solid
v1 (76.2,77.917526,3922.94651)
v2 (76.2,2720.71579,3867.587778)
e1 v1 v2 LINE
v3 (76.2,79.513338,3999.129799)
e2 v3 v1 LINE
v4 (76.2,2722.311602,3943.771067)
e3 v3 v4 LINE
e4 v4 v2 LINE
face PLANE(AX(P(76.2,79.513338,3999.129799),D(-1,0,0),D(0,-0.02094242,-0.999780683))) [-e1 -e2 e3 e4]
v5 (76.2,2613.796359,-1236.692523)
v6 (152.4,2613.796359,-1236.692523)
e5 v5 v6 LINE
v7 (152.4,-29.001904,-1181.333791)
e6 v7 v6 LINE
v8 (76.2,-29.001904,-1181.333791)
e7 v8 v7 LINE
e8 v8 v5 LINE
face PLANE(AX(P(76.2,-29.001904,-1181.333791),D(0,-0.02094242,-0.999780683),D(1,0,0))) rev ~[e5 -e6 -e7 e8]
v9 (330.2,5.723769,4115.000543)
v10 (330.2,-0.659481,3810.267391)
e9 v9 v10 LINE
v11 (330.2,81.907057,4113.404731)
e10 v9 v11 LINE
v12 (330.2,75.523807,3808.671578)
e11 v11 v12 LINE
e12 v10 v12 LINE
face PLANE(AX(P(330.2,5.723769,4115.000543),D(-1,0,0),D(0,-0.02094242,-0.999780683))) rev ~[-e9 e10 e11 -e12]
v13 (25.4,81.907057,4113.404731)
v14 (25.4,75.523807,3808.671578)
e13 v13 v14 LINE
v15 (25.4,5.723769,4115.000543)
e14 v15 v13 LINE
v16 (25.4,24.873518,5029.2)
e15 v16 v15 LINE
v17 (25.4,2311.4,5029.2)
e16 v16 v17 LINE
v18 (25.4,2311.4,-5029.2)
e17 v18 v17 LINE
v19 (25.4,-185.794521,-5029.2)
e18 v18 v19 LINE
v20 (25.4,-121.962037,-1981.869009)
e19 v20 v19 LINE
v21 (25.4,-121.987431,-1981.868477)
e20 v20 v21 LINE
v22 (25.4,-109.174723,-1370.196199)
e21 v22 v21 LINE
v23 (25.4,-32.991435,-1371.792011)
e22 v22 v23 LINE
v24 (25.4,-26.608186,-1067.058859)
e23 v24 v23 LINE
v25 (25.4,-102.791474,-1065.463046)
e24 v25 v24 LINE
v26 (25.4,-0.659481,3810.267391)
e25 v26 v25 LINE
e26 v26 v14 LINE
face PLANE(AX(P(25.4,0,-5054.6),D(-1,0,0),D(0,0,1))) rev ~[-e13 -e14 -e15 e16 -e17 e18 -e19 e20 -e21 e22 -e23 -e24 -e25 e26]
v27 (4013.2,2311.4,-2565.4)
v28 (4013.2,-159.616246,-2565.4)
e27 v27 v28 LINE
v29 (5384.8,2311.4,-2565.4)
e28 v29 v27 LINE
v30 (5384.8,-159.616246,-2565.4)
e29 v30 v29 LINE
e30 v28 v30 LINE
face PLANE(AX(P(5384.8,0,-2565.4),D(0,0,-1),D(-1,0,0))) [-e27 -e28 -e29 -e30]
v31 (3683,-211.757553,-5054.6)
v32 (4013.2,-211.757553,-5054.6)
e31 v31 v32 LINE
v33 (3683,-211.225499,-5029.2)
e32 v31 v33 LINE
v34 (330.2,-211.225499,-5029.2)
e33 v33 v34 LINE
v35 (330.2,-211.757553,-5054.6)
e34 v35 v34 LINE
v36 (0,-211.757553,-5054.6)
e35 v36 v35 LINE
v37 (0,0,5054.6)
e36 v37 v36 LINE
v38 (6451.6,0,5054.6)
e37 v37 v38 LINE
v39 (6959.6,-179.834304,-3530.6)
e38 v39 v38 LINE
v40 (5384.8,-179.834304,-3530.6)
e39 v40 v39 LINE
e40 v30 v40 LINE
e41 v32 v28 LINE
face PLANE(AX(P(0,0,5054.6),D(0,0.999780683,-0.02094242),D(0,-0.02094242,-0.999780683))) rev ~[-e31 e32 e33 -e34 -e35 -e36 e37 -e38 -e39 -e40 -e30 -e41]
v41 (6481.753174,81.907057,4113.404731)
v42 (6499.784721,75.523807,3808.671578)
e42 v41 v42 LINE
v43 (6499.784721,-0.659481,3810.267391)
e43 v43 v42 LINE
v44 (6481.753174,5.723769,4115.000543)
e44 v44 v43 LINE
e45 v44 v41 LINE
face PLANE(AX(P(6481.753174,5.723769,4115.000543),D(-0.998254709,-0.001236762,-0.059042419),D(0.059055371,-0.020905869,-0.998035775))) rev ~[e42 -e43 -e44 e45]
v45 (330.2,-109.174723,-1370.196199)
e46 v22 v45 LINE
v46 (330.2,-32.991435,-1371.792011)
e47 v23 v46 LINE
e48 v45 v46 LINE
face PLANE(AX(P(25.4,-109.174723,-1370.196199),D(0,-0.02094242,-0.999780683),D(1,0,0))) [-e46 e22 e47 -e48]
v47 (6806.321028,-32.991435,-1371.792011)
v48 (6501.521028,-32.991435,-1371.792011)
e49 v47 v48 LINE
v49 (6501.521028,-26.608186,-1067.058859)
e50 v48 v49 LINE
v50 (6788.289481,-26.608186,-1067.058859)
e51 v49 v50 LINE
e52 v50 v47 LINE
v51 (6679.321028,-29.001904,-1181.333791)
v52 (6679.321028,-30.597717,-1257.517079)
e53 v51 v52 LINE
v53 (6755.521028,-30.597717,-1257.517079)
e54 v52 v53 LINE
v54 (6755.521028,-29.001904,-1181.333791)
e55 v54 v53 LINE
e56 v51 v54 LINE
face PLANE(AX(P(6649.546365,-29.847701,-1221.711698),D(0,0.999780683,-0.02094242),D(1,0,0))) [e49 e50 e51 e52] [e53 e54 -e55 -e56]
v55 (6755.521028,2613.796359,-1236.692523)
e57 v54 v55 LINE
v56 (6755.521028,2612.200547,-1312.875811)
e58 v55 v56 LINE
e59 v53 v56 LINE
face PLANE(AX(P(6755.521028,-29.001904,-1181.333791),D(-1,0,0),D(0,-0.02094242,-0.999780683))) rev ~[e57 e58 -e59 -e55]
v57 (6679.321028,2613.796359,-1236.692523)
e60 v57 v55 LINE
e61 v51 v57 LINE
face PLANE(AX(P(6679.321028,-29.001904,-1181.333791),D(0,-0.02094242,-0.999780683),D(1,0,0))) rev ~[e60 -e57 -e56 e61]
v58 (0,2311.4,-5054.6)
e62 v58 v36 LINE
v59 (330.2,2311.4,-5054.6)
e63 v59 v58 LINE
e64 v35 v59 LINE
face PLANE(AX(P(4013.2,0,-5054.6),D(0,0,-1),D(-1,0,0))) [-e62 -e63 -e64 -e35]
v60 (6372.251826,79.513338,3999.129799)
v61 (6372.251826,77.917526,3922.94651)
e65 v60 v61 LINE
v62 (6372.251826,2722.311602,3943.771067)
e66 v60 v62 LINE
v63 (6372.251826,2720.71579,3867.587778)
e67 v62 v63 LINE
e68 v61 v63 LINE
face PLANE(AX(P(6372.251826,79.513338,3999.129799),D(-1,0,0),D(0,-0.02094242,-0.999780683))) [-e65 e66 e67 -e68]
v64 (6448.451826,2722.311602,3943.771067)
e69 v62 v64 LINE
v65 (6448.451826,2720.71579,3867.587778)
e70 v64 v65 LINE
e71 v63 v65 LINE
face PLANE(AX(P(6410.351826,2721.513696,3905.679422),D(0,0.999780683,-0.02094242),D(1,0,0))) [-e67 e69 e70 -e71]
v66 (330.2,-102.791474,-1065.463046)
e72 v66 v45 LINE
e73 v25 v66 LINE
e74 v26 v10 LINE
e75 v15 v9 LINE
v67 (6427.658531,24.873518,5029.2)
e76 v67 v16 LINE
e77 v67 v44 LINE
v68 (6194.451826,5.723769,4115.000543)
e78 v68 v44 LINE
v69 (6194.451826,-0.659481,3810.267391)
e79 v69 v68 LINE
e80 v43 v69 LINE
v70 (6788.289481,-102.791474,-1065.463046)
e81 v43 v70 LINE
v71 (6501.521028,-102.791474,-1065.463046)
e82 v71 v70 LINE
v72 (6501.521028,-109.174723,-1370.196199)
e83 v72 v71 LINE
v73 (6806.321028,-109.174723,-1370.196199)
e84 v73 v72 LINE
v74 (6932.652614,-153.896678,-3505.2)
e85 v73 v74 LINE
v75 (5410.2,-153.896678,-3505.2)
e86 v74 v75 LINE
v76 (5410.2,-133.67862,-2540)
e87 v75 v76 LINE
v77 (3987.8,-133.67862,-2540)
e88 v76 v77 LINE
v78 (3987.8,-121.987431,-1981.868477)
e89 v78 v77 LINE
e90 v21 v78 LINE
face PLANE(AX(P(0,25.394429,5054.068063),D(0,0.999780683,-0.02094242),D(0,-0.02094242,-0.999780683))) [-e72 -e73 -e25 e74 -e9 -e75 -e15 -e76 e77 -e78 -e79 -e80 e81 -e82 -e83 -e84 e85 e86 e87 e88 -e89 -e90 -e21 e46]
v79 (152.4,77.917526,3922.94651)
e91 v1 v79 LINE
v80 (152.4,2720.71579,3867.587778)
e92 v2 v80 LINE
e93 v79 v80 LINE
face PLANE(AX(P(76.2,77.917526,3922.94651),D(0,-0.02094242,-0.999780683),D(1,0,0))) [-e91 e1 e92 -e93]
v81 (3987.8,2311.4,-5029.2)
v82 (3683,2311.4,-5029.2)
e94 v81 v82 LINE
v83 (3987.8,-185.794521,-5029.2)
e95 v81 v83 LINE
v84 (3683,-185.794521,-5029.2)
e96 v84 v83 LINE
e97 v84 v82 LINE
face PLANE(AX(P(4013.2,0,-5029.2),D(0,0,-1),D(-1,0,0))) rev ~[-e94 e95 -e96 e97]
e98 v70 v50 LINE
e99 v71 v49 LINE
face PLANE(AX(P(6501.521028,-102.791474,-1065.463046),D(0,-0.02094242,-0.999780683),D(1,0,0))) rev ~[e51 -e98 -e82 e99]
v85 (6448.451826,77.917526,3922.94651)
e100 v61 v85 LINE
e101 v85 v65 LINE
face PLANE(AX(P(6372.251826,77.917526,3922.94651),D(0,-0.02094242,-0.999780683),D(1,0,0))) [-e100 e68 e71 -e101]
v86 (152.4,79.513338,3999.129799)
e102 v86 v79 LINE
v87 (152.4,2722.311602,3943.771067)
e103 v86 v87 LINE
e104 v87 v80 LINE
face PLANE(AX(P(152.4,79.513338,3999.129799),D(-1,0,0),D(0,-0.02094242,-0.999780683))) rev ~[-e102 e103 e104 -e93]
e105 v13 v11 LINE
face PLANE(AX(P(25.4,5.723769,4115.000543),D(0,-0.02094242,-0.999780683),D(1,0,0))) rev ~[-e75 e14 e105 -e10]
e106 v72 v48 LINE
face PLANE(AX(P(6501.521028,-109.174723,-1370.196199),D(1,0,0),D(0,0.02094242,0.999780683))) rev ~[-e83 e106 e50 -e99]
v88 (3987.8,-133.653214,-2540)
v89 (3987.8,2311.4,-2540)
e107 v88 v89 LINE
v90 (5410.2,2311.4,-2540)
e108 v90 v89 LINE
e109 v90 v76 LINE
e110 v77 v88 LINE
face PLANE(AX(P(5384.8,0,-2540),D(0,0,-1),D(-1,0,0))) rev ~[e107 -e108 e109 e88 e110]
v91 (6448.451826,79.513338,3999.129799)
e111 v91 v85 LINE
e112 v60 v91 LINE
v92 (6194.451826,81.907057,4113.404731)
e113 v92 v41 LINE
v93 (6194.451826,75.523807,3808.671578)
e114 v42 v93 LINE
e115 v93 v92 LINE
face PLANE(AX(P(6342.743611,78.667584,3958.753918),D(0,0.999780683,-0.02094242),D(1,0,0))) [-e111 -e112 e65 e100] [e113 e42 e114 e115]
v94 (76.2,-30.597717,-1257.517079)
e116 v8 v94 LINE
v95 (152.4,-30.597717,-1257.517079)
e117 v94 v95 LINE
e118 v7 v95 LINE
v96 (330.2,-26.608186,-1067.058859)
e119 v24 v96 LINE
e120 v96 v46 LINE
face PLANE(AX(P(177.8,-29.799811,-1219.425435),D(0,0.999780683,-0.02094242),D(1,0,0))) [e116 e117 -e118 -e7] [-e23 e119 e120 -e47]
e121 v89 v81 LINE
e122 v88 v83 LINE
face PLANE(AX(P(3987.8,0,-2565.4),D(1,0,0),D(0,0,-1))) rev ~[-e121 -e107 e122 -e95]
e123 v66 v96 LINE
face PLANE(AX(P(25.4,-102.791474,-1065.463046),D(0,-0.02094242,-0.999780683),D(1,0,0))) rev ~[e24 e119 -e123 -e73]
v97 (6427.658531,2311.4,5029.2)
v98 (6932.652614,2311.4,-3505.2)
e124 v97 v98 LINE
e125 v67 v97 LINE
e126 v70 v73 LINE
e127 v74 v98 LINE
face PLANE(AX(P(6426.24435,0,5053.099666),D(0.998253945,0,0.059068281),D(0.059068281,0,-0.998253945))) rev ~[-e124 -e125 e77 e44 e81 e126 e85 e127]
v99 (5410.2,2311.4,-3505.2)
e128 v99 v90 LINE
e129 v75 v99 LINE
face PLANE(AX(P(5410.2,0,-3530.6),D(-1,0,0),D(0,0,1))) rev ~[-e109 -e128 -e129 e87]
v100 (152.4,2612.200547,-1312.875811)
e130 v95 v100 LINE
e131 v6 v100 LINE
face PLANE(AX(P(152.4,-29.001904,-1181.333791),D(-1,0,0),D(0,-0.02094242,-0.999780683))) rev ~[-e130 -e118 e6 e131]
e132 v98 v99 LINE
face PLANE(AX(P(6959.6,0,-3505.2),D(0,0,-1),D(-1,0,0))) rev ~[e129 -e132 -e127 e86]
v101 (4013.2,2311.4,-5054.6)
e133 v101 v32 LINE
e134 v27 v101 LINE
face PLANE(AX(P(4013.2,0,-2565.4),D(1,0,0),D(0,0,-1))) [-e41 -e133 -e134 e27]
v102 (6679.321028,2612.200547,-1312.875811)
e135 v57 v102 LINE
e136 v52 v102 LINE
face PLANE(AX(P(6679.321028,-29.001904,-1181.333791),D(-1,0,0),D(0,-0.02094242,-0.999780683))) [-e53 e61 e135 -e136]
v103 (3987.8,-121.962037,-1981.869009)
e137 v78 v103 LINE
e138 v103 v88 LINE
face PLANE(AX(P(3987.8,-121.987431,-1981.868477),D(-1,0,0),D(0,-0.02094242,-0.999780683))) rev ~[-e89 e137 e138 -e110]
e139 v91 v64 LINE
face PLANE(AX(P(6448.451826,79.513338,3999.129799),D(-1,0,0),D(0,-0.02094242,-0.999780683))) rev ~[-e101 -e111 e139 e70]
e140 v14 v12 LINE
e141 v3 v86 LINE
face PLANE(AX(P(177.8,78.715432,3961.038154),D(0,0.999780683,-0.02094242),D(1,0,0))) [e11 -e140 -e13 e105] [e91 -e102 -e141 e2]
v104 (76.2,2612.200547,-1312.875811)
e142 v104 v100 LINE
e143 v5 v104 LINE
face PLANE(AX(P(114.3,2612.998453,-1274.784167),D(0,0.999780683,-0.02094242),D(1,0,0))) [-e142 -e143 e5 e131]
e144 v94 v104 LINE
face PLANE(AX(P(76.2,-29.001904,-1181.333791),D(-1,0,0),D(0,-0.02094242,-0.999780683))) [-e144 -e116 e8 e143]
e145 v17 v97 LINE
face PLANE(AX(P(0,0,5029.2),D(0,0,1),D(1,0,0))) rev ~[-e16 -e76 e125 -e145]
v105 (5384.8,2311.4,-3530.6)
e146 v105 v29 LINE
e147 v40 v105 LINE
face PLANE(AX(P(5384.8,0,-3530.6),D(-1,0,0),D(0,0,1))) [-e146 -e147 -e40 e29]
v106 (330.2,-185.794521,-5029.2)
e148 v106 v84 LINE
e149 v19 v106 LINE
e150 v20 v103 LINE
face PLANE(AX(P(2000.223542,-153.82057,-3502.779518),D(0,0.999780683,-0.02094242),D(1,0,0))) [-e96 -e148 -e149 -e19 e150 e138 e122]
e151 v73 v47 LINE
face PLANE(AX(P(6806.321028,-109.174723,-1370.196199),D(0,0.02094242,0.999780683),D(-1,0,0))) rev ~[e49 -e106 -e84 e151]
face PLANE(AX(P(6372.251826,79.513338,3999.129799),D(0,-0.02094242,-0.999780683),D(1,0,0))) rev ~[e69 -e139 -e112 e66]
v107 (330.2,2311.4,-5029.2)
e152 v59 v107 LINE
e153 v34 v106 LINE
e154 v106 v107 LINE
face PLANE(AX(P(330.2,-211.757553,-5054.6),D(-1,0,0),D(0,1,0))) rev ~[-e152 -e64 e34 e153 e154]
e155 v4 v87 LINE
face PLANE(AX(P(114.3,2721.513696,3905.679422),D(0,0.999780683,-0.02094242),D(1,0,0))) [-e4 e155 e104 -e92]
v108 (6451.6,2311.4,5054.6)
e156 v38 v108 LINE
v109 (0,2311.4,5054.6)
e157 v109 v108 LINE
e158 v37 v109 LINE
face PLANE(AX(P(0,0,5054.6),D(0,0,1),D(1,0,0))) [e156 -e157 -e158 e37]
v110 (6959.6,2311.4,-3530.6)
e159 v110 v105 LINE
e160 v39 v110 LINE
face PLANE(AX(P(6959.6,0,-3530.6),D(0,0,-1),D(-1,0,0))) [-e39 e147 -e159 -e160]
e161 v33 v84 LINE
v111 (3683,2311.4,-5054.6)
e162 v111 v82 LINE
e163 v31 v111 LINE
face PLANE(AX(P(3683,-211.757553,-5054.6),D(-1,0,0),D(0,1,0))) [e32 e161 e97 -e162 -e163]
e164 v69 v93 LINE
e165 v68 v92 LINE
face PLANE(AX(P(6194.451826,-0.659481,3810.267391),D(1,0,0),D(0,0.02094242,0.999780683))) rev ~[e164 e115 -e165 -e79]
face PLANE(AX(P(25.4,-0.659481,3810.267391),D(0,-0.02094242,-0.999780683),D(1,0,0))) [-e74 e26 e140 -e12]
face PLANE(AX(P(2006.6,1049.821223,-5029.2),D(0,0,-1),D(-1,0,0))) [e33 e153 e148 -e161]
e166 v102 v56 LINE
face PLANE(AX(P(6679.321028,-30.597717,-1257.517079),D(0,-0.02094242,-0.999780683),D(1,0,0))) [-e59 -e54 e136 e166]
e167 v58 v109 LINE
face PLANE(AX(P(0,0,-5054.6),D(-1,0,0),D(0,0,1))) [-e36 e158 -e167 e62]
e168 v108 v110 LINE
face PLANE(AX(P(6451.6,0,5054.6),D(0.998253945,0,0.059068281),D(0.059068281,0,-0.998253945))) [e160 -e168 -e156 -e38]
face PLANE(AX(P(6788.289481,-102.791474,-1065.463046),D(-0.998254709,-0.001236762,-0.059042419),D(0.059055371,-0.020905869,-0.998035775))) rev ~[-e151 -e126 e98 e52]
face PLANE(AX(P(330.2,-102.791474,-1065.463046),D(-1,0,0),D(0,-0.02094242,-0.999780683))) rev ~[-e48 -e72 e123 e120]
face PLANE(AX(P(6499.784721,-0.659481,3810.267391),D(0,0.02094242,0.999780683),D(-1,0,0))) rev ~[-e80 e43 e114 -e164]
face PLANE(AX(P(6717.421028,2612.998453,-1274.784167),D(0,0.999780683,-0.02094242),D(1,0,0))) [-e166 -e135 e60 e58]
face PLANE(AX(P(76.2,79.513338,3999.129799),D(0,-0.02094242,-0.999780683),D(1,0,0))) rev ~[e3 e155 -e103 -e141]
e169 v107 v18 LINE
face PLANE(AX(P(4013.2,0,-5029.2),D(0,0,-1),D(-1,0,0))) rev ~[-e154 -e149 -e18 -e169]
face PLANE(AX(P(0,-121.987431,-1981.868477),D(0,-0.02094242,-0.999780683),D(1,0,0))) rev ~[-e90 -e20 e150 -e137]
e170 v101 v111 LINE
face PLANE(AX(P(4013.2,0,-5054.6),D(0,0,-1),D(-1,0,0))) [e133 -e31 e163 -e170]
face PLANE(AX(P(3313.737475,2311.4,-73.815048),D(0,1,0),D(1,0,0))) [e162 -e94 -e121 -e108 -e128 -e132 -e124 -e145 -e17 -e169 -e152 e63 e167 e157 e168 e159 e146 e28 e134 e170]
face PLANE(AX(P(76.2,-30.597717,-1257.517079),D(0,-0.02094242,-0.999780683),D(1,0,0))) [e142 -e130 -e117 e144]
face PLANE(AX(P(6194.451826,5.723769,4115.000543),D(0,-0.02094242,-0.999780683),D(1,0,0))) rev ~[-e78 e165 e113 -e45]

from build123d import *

# Parameters (mm, degrees)
BOSS_EXTRUDE2_DEPTH      = 2311.4
BOSS_EXTRUDE2_DEPTH_BACK = 254
CUT_EXTRUDE1_DEPTH       = 8907.603352569
SHELL3_T                 = -25.4
SKETCH5_W                = 304.8
SKETCH5_H                = 304.8
BOSS_EXTRUDE4_DEPTH      = 76.2
SKETCH6_W                = 76.2
SKETCH6_H                = 76.2
BOSS_EXTRUDE6_DEPTH      = 2643.378
BOSS_EXTRUDE7_DEPTH      = 0.0254
SKETCH8_W                = 3352.8
SKETCH8_H                = 2523.157553015
CUT_EXTRUDE2_DEPTH       = 25.4


with BuildPart() as part:
    # Sketch2 → Boss-Extrude2 (new, two sides)
    with BuildSketch(Plane(origin=(0, 0, 0), x_dir=(1, 0, 0), z_dir=(0, 1, 0))) as boss_extrude2_sk:
        Polygon((0, 5054.6), (0, -5054.6), (6451.6, -5054.6), (6959.6, 3530.6), (5384.8, 3530.6), (5384.8, 2565.4), (4013.2, 2565.4), (4013.2, 5054.6), align=None)
    extrude(amount=BOSS_EXTRUDE2_DEPTH)
    extrude(boss_extrude2_sk.sketch, amount=-BOSS_EXTRUDE2_DEPTH_BACK)

    # Sketch4 → Cut-Extrude1 (cut, through all)
    with BuildSketch(Plane.ZY):
        Polygon((5054.6, 0), (-5054.6, -211.757553015), (-5054.6, -254), (5054.6, -254), align=None)
    extrude(amount=-CUT_EXTRUDE1_DEPTH, mode=Mode.SUBTRACT)

    # Shell3
    shell3_openings = [part.faces().sort_by_distance(p)[0] for p in [
        (3193.672214635, 2311.4, 297.114656183),
    ]]
    offset(amount=SHELL3_T, openings=shell3_openings, kind=Kind.INTERSECTION)

    # Sketch5 → Boss-Extrude4 (add)
    with BuildSketch(Plane(origin=(0, -80.43791031, 1.684934026), x_dir=(1, 0, 0), z_dir=(0, 0.9997806834748456, -0.020942419883350005))):
        with Locations((177.8, -3961.817924984)):
            Rectangle(SKETCH5_W, SKETCH5_H)
        with Locations((177.8, 1219.782075016)):
            Rectangle(SKETCH5_W, SKETCH5_H)
        Polygon((6501.521028173, 1067.382075016), (6788.289480699, 1067.382075016), (6806.321028173, 1372.182075016), (6501.521028173, 1372.182075016), align=None)
        Polygon((6194.451826209, -4114.217924984), (6481.753173628, -4114.217924984), (6499.784721103, -3809.417924984), (6194.451826209, -3809.417924984), align=None)
    extrude(amount=BOSS_EXTRUDE4_DEPTH)

    # Sketch6 → Boss-Extrude6 (add)
    with BuildSketch(Plane(origin=(0, -4.254622229, 0.089121631), x_dir=(1, 0, 0), z_dir=(0, 0.9997806834748456, -0.02094241988335002))):
        with Locations((114.3, 1219.782075016)):
            Rectangle(SKETCH6_W, SKETCH6_H)
        with Locations((114.3, -3961.817924984)):
            Rectangle(SKETCH6_W, SKETCH6_H)
        with Locations((6410.351826209, -3961.817924984)):
            Rectangle(SKETCH6_W, SKETCH6_H)
        with Locations((6717.421028173, 1219.782075016)):
            Rectangle(SKETCH6_W, SKETCH6_H)
    extrude(amount=BOSS_EXTRUDE6_DEPTH)

    # Sketch7 → Boss-Extrude7 (add)
    with BuildSketch(Plane(origin=(0, -80.43791031, 1.684934026), x_dir=(1, 0, 0), z_dir=(0, 0.9997806834748456, -0.020942419883350005))):
        Polygon((0, 1983.988532266), (3987.8, 1983.988532266), (3987.8, 5031.988532266), (25.4, 5031.988532266), align=None)
    extrude(amount=BOSS_EXTRUDE7_DEPTH)

    # Sketch8 → Cut-Extrude2 (cut)
    with BuildSketch(Plane(origin=(0, 0, -5054.6), x_dir=(-1, 0, 0), z_dir=(0, 0, -1))):
        with Locations((-2006.6, 1049.821223492)):
            Rectangle(SKETCH8_W, SKETCH8_H)
    extrude(amount=-CUT_EXTRUDE2_DEPTH, mode=Mode.SUBTRACT)


solid = part.part
